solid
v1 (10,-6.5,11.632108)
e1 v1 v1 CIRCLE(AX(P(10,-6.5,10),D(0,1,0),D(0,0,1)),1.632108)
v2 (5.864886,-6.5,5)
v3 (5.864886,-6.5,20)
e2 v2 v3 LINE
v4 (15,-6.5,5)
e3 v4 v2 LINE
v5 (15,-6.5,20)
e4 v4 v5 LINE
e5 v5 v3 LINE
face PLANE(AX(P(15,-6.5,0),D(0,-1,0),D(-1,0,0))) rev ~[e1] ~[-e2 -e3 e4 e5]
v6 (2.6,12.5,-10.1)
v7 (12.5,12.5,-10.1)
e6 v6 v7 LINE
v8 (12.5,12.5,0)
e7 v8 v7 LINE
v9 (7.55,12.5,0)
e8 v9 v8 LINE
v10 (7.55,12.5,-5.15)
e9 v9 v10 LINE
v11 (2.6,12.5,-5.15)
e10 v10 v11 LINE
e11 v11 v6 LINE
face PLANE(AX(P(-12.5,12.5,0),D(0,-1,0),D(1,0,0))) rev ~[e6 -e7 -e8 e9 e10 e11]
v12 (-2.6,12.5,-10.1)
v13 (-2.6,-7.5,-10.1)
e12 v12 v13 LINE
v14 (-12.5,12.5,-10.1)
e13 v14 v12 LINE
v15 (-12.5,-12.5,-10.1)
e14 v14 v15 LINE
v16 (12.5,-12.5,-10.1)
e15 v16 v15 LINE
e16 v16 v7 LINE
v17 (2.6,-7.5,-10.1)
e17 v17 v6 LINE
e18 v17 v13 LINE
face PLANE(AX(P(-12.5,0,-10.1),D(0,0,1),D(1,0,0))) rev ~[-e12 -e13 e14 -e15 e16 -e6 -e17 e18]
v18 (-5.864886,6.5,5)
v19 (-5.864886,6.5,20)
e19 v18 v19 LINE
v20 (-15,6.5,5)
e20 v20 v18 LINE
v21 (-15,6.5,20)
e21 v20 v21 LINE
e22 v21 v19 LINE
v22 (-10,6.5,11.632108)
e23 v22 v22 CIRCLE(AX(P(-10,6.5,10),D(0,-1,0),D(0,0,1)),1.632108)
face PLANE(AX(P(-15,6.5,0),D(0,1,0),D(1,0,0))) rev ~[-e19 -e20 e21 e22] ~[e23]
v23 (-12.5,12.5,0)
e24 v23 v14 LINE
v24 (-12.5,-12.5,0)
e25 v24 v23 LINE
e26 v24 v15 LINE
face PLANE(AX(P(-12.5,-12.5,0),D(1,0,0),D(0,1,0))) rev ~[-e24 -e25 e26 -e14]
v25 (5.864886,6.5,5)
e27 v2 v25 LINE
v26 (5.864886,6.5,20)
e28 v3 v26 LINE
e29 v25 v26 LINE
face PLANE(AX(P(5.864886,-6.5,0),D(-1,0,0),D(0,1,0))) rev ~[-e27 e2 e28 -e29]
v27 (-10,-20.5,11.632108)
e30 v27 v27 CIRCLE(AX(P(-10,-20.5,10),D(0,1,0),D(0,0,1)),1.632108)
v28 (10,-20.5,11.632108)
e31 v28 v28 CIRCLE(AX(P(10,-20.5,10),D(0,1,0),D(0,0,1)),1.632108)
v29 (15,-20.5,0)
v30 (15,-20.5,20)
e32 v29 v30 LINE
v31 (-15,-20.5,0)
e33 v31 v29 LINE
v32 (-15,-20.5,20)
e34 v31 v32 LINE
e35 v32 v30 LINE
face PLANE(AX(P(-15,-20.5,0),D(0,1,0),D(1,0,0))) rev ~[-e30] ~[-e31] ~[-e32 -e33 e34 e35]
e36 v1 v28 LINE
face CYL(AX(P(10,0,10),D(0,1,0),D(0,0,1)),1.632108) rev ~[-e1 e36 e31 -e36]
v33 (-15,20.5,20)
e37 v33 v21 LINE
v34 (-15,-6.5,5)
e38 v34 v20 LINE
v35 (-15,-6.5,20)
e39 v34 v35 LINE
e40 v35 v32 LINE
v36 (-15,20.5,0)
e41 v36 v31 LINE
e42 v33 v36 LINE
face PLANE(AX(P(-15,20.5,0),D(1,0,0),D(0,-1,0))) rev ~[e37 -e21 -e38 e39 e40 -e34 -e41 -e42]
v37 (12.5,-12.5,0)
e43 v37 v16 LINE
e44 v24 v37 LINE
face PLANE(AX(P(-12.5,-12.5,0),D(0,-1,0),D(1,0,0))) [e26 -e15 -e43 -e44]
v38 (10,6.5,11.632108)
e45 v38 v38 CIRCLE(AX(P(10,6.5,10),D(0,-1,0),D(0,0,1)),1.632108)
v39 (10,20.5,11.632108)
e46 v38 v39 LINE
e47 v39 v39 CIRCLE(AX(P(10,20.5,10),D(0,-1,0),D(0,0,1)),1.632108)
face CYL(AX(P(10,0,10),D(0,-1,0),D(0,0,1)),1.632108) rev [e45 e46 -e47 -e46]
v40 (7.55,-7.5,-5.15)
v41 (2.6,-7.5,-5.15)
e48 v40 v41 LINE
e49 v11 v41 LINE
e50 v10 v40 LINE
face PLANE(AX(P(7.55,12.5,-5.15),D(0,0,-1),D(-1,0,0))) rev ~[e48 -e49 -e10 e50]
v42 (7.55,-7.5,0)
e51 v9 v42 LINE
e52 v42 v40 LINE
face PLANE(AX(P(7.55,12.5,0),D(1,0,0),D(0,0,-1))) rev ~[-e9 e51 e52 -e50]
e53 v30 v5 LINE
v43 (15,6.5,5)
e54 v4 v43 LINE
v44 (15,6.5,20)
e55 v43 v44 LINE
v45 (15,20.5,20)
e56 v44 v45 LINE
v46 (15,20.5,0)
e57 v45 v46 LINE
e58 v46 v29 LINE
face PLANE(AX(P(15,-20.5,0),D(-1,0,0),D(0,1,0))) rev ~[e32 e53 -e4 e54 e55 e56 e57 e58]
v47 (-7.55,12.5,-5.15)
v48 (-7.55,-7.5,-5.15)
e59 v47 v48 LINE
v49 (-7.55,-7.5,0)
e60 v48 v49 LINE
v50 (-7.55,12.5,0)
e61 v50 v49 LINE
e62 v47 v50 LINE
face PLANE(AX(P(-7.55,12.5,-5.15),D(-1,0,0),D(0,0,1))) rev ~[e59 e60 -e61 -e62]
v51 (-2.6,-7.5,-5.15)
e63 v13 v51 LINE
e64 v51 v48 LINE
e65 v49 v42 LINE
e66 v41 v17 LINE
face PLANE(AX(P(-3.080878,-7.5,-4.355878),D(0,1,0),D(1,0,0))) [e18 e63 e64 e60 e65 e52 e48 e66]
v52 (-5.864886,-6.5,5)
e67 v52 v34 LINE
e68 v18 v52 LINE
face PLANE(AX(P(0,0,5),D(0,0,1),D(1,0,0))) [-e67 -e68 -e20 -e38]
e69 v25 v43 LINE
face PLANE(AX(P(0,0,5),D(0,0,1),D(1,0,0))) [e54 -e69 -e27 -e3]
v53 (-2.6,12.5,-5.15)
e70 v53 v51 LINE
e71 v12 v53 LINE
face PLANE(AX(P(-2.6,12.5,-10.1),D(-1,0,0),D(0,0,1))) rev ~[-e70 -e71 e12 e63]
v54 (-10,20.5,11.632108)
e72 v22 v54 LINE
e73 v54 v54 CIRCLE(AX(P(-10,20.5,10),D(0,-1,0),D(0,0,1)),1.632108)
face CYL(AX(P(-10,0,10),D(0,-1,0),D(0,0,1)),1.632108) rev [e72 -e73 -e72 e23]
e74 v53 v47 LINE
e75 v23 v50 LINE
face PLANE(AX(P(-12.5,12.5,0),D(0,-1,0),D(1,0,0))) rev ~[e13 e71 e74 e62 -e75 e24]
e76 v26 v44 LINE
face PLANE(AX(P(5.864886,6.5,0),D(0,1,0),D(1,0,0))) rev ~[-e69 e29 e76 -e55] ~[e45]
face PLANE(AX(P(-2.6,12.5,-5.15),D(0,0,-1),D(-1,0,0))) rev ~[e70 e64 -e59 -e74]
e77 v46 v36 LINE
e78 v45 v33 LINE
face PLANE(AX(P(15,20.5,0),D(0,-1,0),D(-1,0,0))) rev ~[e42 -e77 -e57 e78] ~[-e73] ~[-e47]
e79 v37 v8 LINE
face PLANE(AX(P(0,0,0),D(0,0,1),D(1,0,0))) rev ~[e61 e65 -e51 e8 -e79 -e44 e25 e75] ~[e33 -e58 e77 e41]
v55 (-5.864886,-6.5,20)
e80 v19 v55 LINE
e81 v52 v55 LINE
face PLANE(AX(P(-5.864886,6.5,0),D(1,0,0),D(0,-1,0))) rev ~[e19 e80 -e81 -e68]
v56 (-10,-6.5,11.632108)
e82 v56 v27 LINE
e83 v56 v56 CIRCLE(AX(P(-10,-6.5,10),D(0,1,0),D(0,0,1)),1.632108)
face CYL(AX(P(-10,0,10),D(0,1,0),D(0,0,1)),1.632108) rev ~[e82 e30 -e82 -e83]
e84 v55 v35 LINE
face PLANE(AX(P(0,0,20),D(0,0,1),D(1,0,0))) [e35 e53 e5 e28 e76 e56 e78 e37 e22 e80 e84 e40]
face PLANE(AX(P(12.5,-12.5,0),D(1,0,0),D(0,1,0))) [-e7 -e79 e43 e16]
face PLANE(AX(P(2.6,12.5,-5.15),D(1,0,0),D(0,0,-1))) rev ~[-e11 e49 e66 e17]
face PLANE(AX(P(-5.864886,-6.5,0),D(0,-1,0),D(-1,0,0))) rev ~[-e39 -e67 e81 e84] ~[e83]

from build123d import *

# Parameters (mm, degrees)
BOSS_EXTRUDE1_DEPTH     = 20
SKETCH3_R               = 1.632108338
CUT_EXTRUDE1_DEPTH      = 33.330326321
CUT_EXTRUDE1_DEPTH_BACK = 33.330326321
SKETCH4_W               = 30
SKETCH4_H               = 41
BOSS_EXTRUDE2_DEPTH     = 5
SKETCH6_W               = 25
SKETCH6_H               = 25
BOSS_EXTRUDE3_DEPTH     = 20
CUT_EXTRUDE4_START      = 12.5
CUT_EXTRUDE4_DEPTH      = 20
SKETCH8_W               = 9.9
SKETCH8_H               = 9.9
SKETCH8_W_2             = 15.1
CUT_EXTRUDE5_DEPTH      = 33.330326321
CUT_EXTRUDE5_DEPTH_BACK = 33.330326321


with BuildPart() as part:
    # Sketch2 → Boss-Extrude1 (new body)
    with BuildSketch(Plane.XY):
        Polygon((0, 20.5), (-15, 20.5), (-15, 6.5), (-5.864885696, 6.5), (-5.864885696, -6.5), (-15, -6.5), (-15, -20.5), (0, -20.5), (15, -20.5), (15, -6.5), (5.864885696, -6.5), (5.864885696, 6.5), (15, 6.5), (15, 20.5), align=None)
    extrude(amount=BOSS_EXTRUDE1_DEPTH)

    # Sketch3 → Cut-Extrude1 (cut, two sides)
    with BuildSketch(Plane(origin=(0, 0, 0), x_dir=(1, 0, 0), z_dir=(0, 1, 0))) as cut_extrude1_sk:
        with Locations(Location((-10, -10, 0), (0, 0, 270))):
            Circle(SKETCH3_R)
        with Locations(Location((10, -10, 0), (0, 0, 270))):
            Circle(SKETCH3_R)
    extrude(amount=CUT_EXTRUDE1_DEPTH, mode=Mode.SUBTRACT)
    extrude(cut_extrude1_sk.sketch, amount=-CUT_EXTRUDE1_DEPTH_BACK, mode=Mode.SUBTRACT)

    # Sketch4 → Boss-Extrude2 (add)
    with BuildSketch(Plane.XY):
        Rectangle(SKETCH4_W, SKETCH4_H)
    extrude(amount=BOSS_EXTRUDE2_DEPTH)

    # Sketch6 → Boss-Extrude3 (add)
    with BuildSketch(Plane.XY):
        Rectangle(SKETCH6_W, SKETCH6_H)
    extrude(amount=-BOSS_EXTRUDE3_DEPTH)

    # Sketch7 → Cut-Extrude4 (cut)
    with BuildSketch(Plane(origin=(0, 0, 0), x_dir=(1, 0, 0), z_dir=(0, 1, 0)).offset(CUT_EXTRUDE4_START)):
        Polygon((-2.6, 5.15), (-7.55, 5.15), (-7.55, 0), (0, 0), (0, 10.1), (-2.6, 10.1), align=None)
        Polygon((0, 10.1), (0, 0), (7.55, 0), (7.55, 5.15), (2.6, 5.15), (2.6, 10.1), align=None)
    extrude(amount=-CUT_EXTRUDE4_DEPTH, mode=Mode.SUBTRACT)

    # Sketch8 → Cut-Extrude5 (cut, two sides)
    with BuildSketch(Plane(origin=(0, 0, 0), x_dir=(1, 0, 0), z_dir=(0, 1, 0))) as cut_extrude5_sk:
        with Locations((-7.55, 15.05)):
            Rectangle(SKETCH8_W, SKETCH8_H)
        with Locations((4.95, 15.05)):
            Rectangle(SKETCH8_W_2, SKETCH8_H)
    extrude(amount=CUT_EXTRUDE5_DEPTH, mode=Mode.SUBTRACT)
    extrude(cut_extrude5_sk.sketch, amount=-CUT_EXTRUDE5_DEPTH_BACK, mode=Mode.SUBTRACT)


solid = part.part
